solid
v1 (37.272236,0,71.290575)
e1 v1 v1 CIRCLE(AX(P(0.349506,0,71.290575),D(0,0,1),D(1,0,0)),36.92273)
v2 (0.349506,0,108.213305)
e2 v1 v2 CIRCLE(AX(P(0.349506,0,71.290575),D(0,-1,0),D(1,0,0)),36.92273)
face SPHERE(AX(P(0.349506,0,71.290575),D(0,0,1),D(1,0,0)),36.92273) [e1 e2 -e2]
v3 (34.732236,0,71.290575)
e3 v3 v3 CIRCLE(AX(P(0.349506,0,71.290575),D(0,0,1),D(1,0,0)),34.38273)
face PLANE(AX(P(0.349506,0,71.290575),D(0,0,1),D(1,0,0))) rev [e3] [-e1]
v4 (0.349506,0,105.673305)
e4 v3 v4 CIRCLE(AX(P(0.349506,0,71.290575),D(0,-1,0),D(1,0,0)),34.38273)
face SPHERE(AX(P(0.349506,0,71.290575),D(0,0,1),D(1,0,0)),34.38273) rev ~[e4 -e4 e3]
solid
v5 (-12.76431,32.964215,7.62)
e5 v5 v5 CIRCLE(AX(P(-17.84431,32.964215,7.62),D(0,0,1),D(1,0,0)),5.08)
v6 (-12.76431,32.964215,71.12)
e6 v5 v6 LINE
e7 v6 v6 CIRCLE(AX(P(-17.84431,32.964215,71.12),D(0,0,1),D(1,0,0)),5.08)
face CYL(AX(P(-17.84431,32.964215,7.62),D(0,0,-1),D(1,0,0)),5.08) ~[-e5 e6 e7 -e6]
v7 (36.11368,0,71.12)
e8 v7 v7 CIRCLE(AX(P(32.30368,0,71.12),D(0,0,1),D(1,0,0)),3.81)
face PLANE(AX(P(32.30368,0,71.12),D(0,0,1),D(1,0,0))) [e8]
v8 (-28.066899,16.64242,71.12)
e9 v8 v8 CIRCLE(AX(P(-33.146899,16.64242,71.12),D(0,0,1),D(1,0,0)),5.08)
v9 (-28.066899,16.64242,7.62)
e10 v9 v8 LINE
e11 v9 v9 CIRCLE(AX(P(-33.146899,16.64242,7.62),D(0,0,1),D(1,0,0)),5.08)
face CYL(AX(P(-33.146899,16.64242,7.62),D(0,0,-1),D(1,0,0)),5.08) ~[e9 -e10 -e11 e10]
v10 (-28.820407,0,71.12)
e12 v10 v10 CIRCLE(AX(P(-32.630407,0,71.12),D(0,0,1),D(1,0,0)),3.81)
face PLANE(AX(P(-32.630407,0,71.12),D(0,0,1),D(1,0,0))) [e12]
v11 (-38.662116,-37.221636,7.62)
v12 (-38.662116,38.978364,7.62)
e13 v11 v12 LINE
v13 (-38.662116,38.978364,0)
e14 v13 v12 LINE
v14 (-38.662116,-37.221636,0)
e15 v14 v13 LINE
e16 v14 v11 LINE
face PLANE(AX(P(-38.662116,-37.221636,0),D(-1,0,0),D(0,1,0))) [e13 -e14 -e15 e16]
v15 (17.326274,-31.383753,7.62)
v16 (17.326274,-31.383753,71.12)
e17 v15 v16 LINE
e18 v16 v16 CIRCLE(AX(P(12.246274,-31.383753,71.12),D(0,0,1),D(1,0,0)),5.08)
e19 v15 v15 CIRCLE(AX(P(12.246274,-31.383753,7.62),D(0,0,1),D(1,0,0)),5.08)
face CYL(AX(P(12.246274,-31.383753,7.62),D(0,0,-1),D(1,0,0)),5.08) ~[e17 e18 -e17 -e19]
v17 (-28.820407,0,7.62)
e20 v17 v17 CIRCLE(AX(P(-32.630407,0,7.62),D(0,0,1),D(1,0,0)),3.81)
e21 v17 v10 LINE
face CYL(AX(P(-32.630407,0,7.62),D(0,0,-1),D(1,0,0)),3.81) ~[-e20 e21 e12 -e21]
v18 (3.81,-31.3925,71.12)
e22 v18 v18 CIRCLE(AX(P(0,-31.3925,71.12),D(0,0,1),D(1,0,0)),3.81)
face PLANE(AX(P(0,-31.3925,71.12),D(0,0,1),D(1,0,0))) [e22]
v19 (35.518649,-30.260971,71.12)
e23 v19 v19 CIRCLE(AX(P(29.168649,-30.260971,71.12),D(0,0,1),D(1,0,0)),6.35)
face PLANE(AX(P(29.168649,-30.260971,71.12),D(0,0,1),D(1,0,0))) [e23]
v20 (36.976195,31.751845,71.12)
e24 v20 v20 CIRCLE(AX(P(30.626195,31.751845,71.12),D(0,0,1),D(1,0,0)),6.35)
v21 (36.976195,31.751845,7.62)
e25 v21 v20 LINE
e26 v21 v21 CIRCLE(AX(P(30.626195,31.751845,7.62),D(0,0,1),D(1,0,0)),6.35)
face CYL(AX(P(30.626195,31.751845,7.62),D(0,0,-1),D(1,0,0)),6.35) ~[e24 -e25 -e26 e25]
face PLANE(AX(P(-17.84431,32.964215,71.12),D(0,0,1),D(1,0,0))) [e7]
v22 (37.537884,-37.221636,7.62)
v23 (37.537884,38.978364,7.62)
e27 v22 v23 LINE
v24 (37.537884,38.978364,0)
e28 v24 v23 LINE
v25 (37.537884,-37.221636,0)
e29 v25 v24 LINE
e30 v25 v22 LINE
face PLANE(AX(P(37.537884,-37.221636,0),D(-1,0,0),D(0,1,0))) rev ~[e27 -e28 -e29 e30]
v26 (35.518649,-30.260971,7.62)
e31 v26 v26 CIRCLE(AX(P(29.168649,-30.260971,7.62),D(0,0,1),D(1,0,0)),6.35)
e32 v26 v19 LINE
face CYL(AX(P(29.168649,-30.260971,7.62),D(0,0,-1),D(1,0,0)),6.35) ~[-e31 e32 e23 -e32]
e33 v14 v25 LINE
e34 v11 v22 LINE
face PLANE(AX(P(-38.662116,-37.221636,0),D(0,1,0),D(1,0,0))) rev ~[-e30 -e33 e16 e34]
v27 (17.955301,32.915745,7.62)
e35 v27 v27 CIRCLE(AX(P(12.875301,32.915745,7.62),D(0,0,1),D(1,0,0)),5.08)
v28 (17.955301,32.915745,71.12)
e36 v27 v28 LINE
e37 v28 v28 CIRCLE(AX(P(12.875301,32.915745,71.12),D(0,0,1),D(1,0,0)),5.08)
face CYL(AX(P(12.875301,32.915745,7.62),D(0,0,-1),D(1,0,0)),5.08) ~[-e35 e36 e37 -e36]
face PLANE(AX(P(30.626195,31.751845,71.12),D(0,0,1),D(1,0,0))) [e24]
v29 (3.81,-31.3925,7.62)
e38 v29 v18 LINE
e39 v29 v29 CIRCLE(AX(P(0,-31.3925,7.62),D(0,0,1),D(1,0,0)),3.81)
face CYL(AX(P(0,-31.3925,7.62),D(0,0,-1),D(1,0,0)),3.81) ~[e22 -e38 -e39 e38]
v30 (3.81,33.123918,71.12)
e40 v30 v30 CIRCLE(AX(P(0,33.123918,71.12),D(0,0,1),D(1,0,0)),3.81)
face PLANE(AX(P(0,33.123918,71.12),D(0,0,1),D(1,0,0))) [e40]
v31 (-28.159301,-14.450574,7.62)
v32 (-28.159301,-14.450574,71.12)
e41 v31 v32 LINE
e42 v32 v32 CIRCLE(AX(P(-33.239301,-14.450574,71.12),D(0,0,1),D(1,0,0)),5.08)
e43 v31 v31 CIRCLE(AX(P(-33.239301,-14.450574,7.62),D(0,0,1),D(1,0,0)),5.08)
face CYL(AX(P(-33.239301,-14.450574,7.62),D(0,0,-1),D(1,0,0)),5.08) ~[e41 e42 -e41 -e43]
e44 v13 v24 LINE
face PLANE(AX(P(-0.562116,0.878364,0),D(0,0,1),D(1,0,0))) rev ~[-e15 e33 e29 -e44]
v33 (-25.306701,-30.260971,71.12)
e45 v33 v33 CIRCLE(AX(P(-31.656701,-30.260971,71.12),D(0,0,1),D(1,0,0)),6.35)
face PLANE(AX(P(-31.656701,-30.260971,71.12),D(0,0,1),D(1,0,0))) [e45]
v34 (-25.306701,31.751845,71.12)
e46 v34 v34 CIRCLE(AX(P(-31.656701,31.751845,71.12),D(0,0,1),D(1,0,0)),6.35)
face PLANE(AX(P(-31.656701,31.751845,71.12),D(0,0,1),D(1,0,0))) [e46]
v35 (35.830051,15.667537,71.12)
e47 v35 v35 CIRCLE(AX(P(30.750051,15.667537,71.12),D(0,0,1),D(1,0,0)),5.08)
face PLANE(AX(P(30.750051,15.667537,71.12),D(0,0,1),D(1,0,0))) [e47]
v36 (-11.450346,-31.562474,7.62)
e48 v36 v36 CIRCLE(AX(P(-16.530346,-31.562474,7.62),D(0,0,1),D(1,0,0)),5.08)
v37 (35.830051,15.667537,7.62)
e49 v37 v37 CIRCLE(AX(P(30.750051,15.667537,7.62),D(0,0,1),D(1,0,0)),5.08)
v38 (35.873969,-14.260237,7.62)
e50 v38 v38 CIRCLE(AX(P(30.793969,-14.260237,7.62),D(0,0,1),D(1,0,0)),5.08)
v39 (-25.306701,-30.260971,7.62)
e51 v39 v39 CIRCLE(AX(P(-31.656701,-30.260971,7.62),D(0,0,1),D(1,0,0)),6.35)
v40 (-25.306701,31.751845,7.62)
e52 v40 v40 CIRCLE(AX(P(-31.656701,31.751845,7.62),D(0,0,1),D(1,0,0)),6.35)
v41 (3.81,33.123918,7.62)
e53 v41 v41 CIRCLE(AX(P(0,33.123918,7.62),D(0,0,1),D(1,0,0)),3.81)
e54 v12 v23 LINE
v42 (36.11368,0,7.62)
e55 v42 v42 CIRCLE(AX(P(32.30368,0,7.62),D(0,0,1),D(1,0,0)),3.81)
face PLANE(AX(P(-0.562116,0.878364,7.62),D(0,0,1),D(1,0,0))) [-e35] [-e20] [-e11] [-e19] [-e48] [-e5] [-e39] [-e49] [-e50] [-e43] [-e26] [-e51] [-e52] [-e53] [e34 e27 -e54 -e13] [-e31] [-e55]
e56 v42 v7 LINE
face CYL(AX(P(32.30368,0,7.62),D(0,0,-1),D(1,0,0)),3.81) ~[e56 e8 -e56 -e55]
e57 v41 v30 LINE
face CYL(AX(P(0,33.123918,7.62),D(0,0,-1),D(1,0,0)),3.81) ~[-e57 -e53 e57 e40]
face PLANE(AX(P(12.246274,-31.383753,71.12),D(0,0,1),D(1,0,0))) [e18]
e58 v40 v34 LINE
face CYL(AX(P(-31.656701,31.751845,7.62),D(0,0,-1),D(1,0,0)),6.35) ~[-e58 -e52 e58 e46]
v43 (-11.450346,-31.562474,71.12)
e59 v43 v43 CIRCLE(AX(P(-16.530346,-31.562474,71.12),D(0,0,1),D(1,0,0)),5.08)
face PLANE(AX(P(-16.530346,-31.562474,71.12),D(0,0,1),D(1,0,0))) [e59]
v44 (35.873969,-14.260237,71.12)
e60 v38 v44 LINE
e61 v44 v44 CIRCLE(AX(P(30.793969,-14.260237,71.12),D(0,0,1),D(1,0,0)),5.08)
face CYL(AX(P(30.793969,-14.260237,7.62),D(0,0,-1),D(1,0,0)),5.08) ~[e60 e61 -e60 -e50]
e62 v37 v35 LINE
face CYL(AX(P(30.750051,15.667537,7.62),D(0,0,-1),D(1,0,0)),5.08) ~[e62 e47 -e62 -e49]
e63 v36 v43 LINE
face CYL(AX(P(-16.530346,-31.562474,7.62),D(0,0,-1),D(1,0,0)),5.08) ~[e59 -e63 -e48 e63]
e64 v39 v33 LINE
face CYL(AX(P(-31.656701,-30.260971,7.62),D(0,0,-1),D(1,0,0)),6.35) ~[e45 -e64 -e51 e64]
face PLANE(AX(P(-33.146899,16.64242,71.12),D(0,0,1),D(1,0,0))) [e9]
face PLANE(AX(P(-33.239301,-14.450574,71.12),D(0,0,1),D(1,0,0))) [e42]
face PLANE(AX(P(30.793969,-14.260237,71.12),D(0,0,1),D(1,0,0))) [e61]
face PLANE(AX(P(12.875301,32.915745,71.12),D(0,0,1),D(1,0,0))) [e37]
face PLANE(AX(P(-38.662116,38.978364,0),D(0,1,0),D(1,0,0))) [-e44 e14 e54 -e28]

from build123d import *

# Parameters (mm, degrees)
F0_W     = 76.2
F0_H     = 76.2
F1_DEPTH = 7.62
F2_R     = 6.35
F3_DEPTH = 63.5
F4_R     = 3.81
F4_R_2   = 5.08
F5_DEPTH = 63.5
F8_T     = -2.54


with BuildPart() as f1:
    # F0 (on Top) → F1 (new body)
    with BuildSketch(Plane.XY):
        with Locations((-0.5621163353, 0.8783638477)):
            Rectangle(F0_W, F0_H)
    extrude(amount=F1_DEPTH)

    # F2 (on face) → F3 (join)
    with BuildSketch(Plane.XY.offset(7.62)):
        with Locations((-31.6567011178, -30.260970816)):
            Circle(F2_R)
        with Locations((-31.6567011178, 31.751845032)):
            Circle(F2_R)
        with Locations((30.6261945516, 31.751845032)):
            Circle(F2_R)
        with Locations((29.1686486453, -30.260970816)):
            Circle(F2_R)
    extrude(amount=F3_DEPTH)

    # F4 (on face) → F5 (join)
    with BuildSketch(Plane.XY.offset(7.62)):
        with Locations((-32.6304073501, 0)):
            Circle(F4_R)
        with Locations((0, 33.1239178777)):
            Circle(F4_R)
        with Locations((32.3036797345, 0)):
            Circle(F4_R)
        with Locations((0, -31.3924998045)):
            Circle(F4_R)
        with Locations((-16.5303461254, -31.5624736249)):
            Circle(F4_R_2)
        with Locations((12.2462743893, -31.3837528229)):
            Circle(F4_R_2)
        with Locations((30.7939685881, -14.2602371052)):
            Circle(F4_R_2)
        with Locations((30.7500511408, 15.6675372273)):
            Circle(F4_R_2)
        with Locations((12.8753008321, 32.9157449305)):
            Circle(F4_R_2)
        with Locations((-17.8443100303, 32.9642146826)):
            Circle(F4_R_2)
        with Locations((-33.1468991935, 16.6424196213)):
            Circle(F4_R_2)
        with Locations((-33.2393012941, -14.4505742937)):
            Circle(F4_R_2)
    extrude(amount=F5_DEPTH)


with BuildPart() as f7:
    # F6 (on Front) → F7 (revolve)
    with BuildSketch(Plane.XZ):
        with BuildLine():
            Line((0.349506241, 71.2905749679), (37.2722359268, 71.2905749679))
            ThreePointArc((37.2722359268, 71.2905749679), (26.4578187817, 97.3988875086), (0.349506241, 108.2133046536))
            Line((0.349506241, 108.2133046536), (0.349506241, 71.2905749679))
        make_face()
    revolve(axis=Axis((0.349506241, 0, 89.7519398107), (0, 0, 1)))

    # F8
    f8_openings = [f7.faces().sort_by_distance(p)[0] for p in [
        (0.349506, 0, 71.290575),
    ]]
    offset(amount=F8_T, openings=f8_openings)


solid = Compound([f1.part, f7.part])
